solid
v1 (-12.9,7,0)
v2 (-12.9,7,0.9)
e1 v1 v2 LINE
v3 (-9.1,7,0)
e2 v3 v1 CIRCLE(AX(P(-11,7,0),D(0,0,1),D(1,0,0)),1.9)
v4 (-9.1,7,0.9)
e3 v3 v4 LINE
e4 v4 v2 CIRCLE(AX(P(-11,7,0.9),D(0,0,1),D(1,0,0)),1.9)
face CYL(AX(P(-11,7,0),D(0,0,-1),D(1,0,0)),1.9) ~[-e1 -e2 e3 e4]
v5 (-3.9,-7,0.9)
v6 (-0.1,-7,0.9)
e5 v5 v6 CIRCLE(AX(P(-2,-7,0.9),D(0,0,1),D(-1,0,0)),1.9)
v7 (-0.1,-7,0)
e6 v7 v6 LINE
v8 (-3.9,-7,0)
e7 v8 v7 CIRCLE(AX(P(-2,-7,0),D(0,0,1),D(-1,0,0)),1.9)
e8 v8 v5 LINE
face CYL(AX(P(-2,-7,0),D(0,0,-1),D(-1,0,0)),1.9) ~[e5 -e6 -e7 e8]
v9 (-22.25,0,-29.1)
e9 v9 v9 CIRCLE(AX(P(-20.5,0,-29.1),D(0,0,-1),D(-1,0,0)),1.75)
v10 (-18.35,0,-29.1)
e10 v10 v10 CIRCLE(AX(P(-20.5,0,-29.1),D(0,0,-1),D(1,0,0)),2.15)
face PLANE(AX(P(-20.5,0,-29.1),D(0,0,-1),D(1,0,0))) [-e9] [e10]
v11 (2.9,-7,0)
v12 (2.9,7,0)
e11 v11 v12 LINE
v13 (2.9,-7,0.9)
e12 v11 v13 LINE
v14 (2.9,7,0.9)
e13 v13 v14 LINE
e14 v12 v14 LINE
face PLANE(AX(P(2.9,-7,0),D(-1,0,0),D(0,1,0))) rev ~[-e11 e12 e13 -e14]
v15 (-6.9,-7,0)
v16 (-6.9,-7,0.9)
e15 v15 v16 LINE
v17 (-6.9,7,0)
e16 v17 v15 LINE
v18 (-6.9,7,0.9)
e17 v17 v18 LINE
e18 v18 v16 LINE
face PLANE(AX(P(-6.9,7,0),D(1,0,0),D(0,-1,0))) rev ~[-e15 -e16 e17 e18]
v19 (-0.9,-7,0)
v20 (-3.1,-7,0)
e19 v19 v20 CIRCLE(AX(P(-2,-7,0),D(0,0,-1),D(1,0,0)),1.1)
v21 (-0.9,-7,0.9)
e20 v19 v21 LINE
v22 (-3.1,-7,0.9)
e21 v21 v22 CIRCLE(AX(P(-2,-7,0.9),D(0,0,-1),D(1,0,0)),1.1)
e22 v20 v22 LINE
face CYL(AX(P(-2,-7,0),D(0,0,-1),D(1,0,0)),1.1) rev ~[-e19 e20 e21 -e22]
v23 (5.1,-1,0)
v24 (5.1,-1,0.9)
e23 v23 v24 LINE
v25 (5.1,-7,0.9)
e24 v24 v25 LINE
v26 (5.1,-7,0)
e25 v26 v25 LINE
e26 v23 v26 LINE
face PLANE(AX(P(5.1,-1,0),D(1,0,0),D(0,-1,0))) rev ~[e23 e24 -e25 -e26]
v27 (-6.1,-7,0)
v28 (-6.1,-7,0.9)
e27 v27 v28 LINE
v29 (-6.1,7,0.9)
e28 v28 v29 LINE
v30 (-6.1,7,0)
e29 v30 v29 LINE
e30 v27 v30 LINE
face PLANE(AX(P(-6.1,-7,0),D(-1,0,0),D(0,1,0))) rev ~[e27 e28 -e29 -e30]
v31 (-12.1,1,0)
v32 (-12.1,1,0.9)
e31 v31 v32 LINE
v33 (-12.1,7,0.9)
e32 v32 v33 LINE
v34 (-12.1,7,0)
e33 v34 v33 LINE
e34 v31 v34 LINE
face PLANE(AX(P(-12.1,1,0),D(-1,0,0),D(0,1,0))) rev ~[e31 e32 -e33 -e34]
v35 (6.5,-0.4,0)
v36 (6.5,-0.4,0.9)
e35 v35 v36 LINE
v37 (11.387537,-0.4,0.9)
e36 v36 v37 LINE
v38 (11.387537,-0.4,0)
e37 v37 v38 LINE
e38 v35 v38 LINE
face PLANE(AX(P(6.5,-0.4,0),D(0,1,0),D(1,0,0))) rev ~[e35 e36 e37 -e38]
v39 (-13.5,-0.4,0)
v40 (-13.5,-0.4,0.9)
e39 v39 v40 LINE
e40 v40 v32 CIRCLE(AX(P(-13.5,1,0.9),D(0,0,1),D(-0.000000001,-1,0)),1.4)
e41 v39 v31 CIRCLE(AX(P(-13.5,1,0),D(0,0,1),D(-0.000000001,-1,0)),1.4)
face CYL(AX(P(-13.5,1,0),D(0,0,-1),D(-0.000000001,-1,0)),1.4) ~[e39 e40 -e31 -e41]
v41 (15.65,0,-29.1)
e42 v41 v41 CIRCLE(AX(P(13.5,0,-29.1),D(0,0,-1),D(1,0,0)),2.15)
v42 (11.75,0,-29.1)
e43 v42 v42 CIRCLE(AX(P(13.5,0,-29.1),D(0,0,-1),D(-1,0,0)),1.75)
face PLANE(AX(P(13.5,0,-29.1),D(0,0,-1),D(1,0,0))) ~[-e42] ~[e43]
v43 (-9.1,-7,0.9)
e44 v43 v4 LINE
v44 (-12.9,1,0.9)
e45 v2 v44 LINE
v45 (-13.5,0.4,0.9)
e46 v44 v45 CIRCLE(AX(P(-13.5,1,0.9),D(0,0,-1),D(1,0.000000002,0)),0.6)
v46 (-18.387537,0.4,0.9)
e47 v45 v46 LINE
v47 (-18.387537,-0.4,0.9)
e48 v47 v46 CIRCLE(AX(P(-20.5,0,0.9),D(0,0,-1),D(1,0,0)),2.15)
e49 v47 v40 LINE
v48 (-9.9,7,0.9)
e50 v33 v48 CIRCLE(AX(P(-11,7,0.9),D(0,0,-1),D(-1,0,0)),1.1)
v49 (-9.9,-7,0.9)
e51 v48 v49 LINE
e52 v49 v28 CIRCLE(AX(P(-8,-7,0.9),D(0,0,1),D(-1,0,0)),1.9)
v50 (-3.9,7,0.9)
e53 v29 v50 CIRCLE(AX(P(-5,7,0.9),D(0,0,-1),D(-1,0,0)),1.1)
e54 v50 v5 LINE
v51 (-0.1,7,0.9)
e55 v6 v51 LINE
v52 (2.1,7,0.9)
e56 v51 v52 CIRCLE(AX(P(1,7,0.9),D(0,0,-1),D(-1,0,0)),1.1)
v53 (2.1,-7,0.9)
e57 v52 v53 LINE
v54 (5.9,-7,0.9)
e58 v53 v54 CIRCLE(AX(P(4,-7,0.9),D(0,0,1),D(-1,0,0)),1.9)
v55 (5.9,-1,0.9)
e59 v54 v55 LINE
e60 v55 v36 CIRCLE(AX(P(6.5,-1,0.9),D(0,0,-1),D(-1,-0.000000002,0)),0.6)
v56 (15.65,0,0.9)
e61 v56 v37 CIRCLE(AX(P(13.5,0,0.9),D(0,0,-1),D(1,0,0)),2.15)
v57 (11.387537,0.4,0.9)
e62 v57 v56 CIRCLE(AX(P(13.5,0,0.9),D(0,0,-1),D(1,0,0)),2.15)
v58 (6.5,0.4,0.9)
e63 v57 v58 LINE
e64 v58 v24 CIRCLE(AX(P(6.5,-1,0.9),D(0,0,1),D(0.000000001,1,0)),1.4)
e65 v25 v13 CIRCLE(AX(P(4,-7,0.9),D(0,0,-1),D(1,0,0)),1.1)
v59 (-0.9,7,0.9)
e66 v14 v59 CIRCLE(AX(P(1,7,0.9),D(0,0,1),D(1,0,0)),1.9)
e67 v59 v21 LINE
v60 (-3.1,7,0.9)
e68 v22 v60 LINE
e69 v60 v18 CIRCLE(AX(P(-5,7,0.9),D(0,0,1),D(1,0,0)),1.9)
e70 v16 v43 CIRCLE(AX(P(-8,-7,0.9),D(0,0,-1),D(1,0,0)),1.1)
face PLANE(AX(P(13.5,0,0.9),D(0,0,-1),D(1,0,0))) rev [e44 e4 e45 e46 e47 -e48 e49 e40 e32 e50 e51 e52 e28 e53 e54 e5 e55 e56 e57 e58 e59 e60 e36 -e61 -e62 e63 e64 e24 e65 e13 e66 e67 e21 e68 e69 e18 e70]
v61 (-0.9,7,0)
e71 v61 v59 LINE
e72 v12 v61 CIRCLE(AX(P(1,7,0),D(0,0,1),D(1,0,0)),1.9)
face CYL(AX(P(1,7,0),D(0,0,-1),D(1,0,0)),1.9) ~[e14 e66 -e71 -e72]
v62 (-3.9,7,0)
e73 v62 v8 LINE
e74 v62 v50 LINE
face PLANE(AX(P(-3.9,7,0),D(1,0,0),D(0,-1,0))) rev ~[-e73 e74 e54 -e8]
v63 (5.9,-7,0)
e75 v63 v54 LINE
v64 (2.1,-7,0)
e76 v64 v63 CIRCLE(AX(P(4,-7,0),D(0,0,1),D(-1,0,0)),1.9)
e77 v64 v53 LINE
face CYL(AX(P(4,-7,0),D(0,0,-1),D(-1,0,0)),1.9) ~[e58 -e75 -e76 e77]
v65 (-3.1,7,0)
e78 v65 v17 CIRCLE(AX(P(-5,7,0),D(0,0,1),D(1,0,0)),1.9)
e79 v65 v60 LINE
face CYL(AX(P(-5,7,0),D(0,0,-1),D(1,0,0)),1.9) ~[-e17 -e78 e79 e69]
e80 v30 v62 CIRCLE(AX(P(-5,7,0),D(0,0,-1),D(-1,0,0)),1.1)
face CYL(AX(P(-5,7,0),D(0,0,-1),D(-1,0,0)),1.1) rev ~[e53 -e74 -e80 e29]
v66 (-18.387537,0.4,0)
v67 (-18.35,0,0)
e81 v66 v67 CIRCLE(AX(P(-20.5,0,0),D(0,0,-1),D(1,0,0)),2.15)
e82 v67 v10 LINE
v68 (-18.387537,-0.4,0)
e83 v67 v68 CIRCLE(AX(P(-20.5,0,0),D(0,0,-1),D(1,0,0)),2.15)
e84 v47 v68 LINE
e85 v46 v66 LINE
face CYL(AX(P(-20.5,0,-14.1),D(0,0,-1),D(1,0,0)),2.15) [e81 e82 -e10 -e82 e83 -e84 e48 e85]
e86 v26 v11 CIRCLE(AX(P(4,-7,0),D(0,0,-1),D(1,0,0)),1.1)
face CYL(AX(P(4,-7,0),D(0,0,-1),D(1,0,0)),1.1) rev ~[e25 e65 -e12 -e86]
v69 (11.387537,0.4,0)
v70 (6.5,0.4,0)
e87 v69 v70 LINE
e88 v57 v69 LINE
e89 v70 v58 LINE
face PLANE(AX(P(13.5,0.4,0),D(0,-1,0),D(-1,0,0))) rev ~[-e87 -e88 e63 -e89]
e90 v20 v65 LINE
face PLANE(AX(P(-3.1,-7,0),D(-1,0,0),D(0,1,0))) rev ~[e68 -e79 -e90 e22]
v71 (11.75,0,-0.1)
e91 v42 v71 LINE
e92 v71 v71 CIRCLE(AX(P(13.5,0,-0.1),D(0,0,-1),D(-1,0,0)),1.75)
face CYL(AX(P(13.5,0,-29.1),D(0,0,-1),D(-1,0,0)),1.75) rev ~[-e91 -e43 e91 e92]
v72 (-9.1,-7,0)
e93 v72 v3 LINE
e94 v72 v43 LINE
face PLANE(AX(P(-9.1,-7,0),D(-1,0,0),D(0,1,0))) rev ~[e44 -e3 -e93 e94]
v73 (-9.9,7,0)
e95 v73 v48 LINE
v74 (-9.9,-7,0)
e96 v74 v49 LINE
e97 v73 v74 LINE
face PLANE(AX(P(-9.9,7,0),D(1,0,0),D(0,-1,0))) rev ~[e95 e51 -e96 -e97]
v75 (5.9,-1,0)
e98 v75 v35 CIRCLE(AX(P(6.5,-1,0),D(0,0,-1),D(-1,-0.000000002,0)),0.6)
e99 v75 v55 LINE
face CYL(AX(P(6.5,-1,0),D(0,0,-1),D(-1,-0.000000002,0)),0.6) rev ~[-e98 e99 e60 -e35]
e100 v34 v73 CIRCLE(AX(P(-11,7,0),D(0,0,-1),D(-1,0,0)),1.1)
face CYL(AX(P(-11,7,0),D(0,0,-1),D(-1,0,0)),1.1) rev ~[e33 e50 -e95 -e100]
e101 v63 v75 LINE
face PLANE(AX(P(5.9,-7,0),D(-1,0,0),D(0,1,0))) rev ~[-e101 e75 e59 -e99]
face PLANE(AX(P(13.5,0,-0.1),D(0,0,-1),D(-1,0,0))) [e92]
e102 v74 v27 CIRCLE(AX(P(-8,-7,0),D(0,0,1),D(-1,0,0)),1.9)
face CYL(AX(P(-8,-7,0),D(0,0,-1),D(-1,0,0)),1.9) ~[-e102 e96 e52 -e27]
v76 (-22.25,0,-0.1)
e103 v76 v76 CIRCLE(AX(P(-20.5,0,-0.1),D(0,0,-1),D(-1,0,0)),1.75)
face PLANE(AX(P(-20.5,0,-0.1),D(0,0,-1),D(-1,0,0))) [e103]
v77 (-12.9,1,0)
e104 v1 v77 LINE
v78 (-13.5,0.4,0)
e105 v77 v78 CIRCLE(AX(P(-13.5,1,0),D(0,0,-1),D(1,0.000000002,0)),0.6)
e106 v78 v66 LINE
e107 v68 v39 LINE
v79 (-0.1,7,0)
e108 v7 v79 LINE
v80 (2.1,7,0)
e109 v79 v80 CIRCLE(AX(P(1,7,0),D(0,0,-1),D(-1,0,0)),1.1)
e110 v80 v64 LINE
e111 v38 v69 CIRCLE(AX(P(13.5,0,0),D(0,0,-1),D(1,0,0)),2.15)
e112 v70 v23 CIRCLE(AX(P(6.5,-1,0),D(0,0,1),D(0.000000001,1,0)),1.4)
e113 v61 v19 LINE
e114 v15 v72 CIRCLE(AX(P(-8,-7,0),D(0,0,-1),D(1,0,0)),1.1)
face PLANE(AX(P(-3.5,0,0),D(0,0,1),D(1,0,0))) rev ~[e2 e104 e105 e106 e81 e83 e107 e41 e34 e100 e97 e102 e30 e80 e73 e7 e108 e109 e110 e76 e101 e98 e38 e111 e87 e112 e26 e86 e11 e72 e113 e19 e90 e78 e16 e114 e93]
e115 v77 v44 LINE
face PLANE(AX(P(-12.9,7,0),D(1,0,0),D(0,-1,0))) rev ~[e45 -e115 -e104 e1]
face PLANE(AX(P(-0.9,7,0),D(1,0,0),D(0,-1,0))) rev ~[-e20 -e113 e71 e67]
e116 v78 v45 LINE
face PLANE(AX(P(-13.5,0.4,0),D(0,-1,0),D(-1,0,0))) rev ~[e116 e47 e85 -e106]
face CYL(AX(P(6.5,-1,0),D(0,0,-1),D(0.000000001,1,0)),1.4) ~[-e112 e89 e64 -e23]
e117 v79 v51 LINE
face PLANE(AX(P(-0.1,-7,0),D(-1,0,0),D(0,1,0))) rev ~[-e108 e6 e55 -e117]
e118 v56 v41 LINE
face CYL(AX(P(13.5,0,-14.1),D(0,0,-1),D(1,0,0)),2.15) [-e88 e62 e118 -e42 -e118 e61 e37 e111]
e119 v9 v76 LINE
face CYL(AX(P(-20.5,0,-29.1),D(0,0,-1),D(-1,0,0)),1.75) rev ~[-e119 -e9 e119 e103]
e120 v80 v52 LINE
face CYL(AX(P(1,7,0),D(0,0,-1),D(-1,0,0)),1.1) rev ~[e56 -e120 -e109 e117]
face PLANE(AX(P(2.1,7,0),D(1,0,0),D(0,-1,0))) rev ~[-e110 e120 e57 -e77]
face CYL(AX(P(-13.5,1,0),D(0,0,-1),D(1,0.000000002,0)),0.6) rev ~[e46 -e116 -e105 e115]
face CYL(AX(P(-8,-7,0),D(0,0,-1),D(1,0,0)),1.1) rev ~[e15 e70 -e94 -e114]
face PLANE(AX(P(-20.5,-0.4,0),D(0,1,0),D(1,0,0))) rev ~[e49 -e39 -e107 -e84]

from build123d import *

# Parameters (mm, degrees)
BOSS_EXTRUDE1_DEPTH = 0.9
SKETCH3_W           = 2.15
SKETCH3_H           = 30
SKETCH4_W           = 2.15
SKETCH4_H           = 30
SKETCH5_R           = 1.75
CUT_EXTRUDE1_DEPTH  = 29


with BuildPart() as part:
    # Sketch2 → Boss-Extrude1 (new body)
    with BuildSketch(Plane.XY):
        with BuildLine():
            Line((-20.5, -0.4), (-13.5, -0.4))
            ThreePointArc((-13.5, -0.4), (-12.510050506, 0.010050506), (-12.1, 1))
            Line((-12.1, 1), (-12.1, 7))
            ThreePointArc((-12.1, 7), (-11, 8.1), (-9.9, 7))
            Line((-9.9, 7), (-9.9, 0))
            Line((-9.9, 0), (-9.9, -7))
            ThreePointArc((-9.9, -7), (-8, -8.9), (-6.1, -7))
            Line((-6.1, -7), (-6.1, 0))
            Line((-6.1, 0), (-6.1, 7))
            ThreePointArc((-6.1, 7), (-5, 8.1), (-3.9, 7))
            Line((-3.9, 7), (-3.9, 0))
            Line((-3.9, 0), (-3.9, -7))
            ThreePointArc((-3.9, -7), (-2, -8.9), (-0.1, -7))
            Line((-0.1, -7), (-0.1, 0))
            Line((-0.1, 0), (-0.1, 7))
            ThreePointArc((-0.1, 7), (1, 8.1), (2.1, 7))
            Line((2.1, 7), (2.1, 0))
            Line((2.1, 0), (2.1, -7))
            ThreePointArc((2.1, -7), (4, -8.9), (5.9, -7))
            Line((5.9, -7), (5.9, -1))
            ThreePointArc((5.9, -1), (6.075735931, -0.575735931), (6.5, -0.4))
            Line((6.5, -0.4), (13.5, -0.4))
            ThreePointArc((13.5, -0.4), (13.9, 0), (13.5, 0.4))
            Line((13.5, 0.4), (6.5, 0.4))
            ThreePointArc((6.5, 0.4), (5.510050506, -0.010050506), (5.1, -1))
            Line((5.1, -1), (5.1, -7))
            ThreePointArc((5.1, -7), (4, -8.1), (2.9, -7))
            Line((2.9, -7), (2.9, 0))
            Line((2.9, 0), (2.9, 7))
            ThreePointArc((2.9, 7), (1, 8.9), (-0.9, 7))
            Line((-0.9, 7), (-0.9, 0))
            Line((-0.9, 0), (-0.9, -7))
            ThreePointArc((-0.9, -7), (-2, -8.1), (-3.1, -7))
            Line((-3.1, -7), (-3.1, 0))
            Line((-3.1, 0), (-3.1, 7))
            ThreePointArc((-3.1, 7), (-5, 8.9), (-6.9, 7))
            Line((-6.9, 7), (-6.9, 0))
            Line((-6.9, 0), (-6.9, -7))
            ThreePointArc((-6.9, -7), (-8, -8.1), (-9.1, -7))
            Line((-9.1, -7), (-9.1, 0))
            Line((-9.1, 0), (-9.1, 7))
            ThreePointArc((-9.1, 7), (-11, 8.9), (-12.9, 7))
            Line((-12.9, 7), (-12.9, 1))
            ThreePointArc((-12.9, 1), (-13.075735931, 0.575735931), (-13.5, 0.4))
            Line((-13.5, 0.4), (-20.5, 0.4))
            ThreePointArc((-20.5, 0.4), (-20.9, 0), (-20.5, -0.4))
        make_face()
    extrude(amount=BOSS_EXTRUDE1_DEPTH)

    # Sketch3 → Revolve1 (revolve)
    with BuildSketch(Plane(origin=(0, 0, 0), x_dir=(1, 0, 0), z_dir=(0, 1, 0)), mode=Mode.PRIVATE) as revolve1_sk:
        with Locations((-21.575, 14.1)):
            Rectangle(SKETCH3_W, SKETCH3_H)
    revolve(revolve1_sk.sketch.rotate(Axis((-20.5, 0, 0.9), (0, 0, -1)), 180), axis=Axis((-20.5, 0, 0.9), (0, 0, -1)))

    # Sketch4 → Revolve2 (revolve)
    with BuildSketch(Plane(origin=(0, 0, 0), x_dir=(1, 0, 0), z_dir=(0, 1, 0))):
        with Locations((14.575, 14.1)):
            Rectangle(SKETCH4_W, SKETCH4_H)
    revolve(axis=Axis((13.5, 0, 0.9), (0, 0, -1)))

    # Sketch5 → Cut-Extrude1 (cut)
    with BuildSketch(Plane(origin=(0, 0, -29.1), x_dir=(-1, 0, 0), z_dir=(0, 0, -1))):
        with Locations((-13.5, 0)):
            Circle(SKETCH5_R)
        with Locations((20.5, 0)):
            Circle(SKETCH5_R)
    extrude(amount=-CUT_EXTRUDE1_DEPTH, mode=Mode.SUBTRACT)


solid = part.part
